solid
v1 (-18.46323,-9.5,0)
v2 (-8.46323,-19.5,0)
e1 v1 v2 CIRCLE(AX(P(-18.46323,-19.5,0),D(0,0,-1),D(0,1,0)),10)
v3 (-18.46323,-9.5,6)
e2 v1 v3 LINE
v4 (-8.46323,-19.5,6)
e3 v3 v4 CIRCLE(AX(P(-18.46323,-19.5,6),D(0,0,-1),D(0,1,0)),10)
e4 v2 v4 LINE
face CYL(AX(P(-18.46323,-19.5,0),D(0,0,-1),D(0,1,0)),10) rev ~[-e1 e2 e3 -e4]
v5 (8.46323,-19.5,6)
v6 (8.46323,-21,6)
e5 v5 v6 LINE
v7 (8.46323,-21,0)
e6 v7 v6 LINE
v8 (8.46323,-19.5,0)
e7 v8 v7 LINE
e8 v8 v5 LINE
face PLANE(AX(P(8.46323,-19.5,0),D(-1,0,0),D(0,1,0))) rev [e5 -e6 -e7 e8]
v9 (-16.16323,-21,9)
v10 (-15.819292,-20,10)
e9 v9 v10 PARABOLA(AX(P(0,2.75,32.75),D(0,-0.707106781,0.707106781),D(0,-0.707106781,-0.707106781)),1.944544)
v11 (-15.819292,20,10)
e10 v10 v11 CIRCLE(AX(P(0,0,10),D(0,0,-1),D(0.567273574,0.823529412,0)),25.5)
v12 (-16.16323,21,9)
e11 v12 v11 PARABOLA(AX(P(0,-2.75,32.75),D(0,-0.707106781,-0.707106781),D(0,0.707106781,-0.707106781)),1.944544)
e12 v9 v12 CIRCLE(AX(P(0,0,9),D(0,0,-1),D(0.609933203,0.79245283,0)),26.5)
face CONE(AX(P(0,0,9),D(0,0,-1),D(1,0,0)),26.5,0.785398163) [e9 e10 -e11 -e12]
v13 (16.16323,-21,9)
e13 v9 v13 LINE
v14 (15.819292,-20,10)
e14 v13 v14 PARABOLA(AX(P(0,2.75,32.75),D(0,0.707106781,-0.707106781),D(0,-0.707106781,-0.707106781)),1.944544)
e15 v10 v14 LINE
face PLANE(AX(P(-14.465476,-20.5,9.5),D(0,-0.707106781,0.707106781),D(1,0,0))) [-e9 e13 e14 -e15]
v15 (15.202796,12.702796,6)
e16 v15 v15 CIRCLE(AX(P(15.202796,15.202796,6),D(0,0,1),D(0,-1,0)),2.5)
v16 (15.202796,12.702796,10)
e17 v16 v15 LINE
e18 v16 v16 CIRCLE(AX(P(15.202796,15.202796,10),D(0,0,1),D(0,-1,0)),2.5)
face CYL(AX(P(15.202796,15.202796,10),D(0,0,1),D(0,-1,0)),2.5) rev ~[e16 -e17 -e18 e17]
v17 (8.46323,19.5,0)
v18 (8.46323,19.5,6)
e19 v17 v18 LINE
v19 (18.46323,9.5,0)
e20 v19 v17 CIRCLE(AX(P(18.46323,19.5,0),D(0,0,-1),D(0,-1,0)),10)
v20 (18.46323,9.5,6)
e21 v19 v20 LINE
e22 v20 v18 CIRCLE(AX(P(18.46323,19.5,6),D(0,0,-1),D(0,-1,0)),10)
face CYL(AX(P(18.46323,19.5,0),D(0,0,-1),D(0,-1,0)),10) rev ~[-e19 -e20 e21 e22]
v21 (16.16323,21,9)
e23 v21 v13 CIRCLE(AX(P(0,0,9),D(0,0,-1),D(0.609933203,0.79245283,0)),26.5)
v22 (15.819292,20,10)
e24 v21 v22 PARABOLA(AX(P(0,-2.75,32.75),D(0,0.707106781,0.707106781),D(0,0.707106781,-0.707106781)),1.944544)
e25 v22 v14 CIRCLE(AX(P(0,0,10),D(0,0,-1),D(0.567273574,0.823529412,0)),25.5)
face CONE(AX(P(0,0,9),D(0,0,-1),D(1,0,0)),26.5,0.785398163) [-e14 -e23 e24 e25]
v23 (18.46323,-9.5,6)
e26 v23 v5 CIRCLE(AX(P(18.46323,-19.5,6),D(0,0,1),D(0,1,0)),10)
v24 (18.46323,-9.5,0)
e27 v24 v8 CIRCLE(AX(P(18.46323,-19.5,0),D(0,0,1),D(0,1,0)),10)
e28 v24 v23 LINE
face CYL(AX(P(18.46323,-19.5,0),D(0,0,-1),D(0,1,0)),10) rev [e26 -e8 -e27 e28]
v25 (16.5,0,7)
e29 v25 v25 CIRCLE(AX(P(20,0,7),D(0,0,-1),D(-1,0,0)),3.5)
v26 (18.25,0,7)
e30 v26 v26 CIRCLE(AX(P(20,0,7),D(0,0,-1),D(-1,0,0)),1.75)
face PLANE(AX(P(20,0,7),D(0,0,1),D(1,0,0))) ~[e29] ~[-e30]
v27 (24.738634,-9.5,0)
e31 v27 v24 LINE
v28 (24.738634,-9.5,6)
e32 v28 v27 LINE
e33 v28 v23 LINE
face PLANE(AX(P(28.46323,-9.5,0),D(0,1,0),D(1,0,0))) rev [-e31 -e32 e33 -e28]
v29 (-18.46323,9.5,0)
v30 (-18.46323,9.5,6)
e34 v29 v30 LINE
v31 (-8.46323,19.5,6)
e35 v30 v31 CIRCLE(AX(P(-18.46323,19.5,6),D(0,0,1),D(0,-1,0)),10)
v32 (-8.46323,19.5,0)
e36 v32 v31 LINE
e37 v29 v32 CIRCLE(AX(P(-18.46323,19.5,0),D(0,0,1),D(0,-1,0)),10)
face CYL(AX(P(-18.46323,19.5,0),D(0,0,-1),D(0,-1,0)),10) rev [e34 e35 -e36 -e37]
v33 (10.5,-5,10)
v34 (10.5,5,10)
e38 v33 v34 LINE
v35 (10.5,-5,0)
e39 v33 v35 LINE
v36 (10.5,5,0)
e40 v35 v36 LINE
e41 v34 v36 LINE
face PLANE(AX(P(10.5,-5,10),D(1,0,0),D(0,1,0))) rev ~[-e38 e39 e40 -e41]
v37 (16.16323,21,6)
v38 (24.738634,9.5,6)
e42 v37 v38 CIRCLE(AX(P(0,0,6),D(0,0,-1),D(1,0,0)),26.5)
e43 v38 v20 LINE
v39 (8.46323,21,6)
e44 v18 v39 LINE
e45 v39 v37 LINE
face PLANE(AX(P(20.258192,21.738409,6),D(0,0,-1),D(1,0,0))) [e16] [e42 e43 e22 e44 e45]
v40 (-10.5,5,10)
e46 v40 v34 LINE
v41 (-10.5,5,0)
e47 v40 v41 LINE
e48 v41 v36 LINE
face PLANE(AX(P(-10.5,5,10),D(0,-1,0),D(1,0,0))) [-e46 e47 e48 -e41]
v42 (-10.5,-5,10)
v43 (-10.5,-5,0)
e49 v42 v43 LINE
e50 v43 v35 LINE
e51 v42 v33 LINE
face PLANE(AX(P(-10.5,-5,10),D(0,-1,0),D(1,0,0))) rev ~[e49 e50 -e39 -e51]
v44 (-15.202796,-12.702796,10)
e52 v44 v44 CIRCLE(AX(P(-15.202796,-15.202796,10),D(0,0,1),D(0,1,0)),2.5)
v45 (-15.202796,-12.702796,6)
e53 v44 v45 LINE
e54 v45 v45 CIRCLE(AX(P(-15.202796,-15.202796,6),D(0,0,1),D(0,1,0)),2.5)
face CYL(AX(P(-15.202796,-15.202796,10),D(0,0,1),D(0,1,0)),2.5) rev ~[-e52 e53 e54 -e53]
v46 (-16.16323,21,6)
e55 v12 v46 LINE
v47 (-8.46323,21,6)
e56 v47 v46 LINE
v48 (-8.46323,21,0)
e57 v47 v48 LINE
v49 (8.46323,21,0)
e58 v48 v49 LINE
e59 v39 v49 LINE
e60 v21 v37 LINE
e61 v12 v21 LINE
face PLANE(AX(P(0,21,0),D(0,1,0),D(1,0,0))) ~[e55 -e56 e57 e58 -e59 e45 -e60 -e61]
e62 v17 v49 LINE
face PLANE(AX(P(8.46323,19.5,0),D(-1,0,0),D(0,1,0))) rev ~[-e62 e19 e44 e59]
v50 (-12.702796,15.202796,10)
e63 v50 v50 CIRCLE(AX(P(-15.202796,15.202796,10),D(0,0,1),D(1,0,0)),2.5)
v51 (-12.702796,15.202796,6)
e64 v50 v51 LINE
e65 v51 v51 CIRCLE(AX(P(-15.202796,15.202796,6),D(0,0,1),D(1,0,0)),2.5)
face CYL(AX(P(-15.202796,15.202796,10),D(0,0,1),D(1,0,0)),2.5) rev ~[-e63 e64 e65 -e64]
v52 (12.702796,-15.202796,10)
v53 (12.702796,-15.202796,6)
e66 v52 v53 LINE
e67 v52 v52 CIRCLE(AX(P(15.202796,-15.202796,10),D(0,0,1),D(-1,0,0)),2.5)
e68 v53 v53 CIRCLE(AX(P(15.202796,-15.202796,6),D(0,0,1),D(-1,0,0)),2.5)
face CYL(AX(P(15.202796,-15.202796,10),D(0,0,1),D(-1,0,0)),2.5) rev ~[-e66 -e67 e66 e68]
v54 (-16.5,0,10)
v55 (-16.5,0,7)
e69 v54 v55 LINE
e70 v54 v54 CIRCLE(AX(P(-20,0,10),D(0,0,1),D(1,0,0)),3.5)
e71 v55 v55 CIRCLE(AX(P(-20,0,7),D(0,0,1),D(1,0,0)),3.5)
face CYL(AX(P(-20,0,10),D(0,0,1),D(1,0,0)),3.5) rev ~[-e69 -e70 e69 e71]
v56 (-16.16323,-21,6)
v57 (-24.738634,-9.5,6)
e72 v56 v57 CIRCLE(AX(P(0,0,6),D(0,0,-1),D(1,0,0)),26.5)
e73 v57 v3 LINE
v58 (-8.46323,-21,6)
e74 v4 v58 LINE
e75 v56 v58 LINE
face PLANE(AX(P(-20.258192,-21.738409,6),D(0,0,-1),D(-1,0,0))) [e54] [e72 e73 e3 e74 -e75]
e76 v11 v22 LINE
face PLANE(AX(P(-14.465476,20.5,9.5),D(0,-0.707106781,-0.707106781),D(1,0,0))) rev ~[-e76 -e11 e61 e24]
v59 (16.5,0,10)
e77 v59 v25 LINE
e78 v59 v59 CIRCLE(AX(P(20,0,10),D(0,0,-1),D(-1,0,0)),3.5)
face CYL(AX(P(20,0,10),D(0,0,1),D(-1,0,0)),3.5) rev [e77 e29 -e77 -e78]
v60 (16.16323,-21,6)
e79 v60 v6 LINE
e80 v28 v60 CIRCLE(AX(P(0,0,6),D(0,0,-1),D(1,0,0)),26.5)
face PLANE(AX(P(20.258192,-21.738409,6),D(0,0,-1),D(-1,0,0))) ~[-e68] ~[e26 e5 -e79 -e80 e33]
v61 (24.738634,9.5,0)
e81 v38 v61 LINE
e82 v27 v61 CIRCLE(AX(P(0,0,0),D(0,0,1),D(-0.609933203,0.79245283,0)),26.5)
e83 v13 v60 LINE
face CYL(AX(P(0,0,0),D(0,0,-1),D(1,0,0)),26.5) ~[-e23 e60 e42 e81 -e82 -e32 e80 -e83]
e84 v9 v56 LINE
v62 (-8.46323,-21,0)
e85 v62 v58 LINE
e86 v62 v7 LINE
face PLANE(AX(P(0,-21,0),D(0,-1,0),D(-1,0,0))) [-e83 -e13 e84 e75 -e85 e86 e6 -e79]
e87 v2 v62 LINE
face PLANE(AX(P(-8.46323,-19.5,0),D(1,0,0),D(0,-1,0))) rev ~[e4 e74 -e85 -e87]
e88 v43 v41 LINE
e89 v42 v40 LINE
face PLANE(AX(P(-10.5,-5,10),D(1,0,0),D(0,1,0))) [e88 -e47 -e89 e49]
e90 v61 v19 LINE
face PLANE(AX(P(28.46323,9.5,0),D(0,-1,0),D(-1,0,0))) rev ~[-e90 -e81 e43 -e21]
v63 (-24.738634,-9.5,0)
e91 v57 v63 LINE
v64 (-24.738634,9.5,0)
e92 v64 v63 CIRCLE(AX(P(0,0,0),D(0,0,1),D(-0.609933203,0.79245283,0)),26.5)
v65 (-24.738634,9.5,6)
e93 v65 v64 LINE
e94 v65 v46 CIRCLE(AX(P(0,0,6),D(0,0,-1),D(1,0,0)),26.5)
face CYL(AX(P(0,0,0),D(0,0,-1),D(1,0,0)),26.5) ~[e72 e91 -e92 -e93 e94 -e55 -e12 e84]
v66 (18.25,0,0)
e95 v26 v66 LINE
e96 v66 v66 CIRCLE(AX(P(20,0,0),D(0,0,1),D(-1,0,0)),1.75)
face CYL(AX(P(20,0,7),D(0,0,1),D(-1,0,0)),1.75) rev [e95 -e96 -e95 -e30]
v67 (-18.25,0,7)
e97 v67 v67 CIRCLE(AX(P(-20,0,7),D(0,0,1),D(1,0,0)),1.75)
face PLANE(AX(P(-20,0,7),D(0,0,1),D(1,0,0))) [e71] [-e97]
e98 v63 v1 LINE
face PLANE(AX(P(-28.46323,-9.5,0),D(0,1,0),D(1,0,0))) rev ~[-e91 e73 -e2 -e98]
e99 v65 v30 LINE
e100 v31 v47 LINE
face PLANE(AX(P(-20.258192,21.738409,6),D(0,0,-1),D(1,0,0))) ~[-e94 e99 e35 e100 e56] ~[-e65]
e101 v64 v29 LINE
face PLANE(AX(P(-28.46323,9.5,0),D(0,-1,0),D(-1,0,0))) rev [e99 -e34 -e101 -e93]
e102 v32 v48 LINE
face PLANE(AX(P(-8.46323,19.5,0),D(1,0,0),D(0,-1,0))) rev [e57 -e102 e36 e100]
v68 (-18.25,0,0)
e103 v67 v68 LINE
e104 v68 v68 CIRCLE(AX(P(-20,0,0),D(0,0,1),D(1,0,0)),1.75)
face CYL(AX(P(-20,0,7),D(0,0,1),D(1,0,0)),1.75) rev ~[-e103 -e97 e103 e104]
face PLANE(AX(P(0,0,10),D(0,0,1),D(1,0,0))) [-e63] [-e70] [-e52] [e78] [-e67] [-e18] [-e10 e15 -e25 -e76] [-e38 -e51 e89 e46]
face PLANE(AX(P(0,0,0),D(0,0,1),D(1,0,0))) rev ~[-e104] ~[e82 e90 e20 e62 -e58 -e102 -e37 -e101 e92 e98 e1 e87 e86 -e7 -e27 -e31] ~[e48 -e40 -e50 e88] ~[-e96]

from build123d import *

# Parameters (mm, degrees)
SKETCH_1_R               = 26.5
EXTRUDE_1_DEPTH          = 10
SKETCH_5_R               = 2.5
CUT_EXTRUDE_4_DEPTH      = 11
PATTERN_CIRCULAR_1_COUNT = 4
CHAMFER_1_SIZE           = 1
SKETCH_6_W               = 30
SKETCH_6_H               = 30
SKETCH_8_W               = 21
SKETCH_8_H               = 10
CUT_EXTRUDE_5_DEPTH      = 11
SKETCH_9_R               = 2.5
CUT_EXTRUDE_7_DEPTH      = 6
MIRROR_3_COPY_1_SKETCH_R = 2.5
MIRROR_3_COPY_1_DEPTH    = 6
SKETCH_12_R              = 3.5
CUT_EXTRUDE_8_DEPTH      = 3
SKETCH_13_R              = 1.75
CUT_EXTRUDE_9_DEPTH      = 8
CHAMFER_2_SIZE           = 1


with BuildPart() as part:
    # Эскиз1 → Бобышка-Вытянуть1 (new body)
    with BuildSketch(Plane.XY):
        Circle(SKETCH_1_R)
    extrude(amount=EXTRUDE_1_DEPTH)

    # Эскиз5 → Вырез-Вытянуть4 (cut, through all)
    with BuildSketch(Plane.XY.offset(10)):
        with Locations((-15.202795796, 15.202795796)):
            Circle(SKETCH_5_R)
    cut_extrude_4 = extrude(amount=-CUT_EXTRUDE_4_DEPTH, mode=Mode.SUBTRACT)

    # Круговой массив1: Вырез-Вытянуть4 ×4 about axis
    pattern_circular_1_axis = Axis((0, 0, 0), (0, 0, 1))
    for i in range(1, PATTERN_CIRCULAR_1_COUNT):
        add(cut_extrude_4.rotate(pattern_circular_1_axis, i * 360 / PATTERN_CIRCULAR_1_COUNT), mode=Mode.SUBTRACT)

    # Фаска1
    chamfer_1_edges = [part.edges().sort_by_distance(p)[0] for p in [
        (-26.5, 0, 10),
    ]]
    chamfer(chamfer_1_edges, length=CHAMFER_1_SIZE)

    # Эскиз6 → Вырез-Повернуть1 (revolve, cut)
    with BuildSketch(Plane.XY):
        with Locations((15, 36)):
            Rectangle(SKETCH_6_W, SKETCH_6_H)
    cut_revolve_1 = revolve(axis=Axis((0, 0, 0), (0, 1, 0)), mode=Mode.SUBTRACT)

    # Зеркальное отражение1: Вырез-Повернуть1 across plane
    add(cut_revolve_1.mirror(Plane.ZX), mode=Mode.SUBTRACT)

    # Эскиз8 → Вырез-Вытянуть5 (cut, through all)
    with BuildSketch(Plane.XY.offset(10)):
        Rectangle(SKETCH_8_W, SKETCH_8_H)
    extrude(amount=-CUT_EXTRUDE_5_DEPTH, mode=Mode.SUBTRACT)

    # Эскиз9 → Вырез-Вытянуть7 (cut)
    with BuildSketch(Plane(origin=(0, 0, 0), x_dir=(-1, 0, 0), z_dir=(0, 0, -1))):
        with BuildLine():
            Line((28.463229875, -9.5), (24.738633754, -9.5))
            ThreePointArc((24.738633754, -9.5), (21.243895878, -15.841303227), (16.163229875, -21))
            Line((16.163229875, -21), (8.463229875, -21))
            Line((8.463229875, -21), (8.463229875, -29.5))
            Line((8.463229875, -29.5), (18.463229875, -29.5))
            Line((18.463229875, -29.5), (28.463229875, -29.5))
            Line((28.463229875, -29.5), (28.463229875, -19.5))
            Line((28.463229875, -19.5), (28.463229875, -9.5))
        make_face()
        with BuildLine():
            Line((24.738633754, -9.5), (18.463229875, -9.5))
            ThreePointArc((18.463229875, -9.5), (11.392162063, -12.428932188), (8.463229875, -19.5))
            Line((8.463229875, -19.5), (8.463229875, -21))
            Line((8.463229875, -21), (16.163229875, -21))
            ThreePointArc((16.163229875, -21), (21.243895878, -15.841303227), (24.738633754, -9.5))
        make_face()
        with Locations((15.202795796, -15.202795796)):
            Circle(SKETCH_9_R, mode=Mode.SUBTRACT)
    cut_extrude_7 = extrude(amount=-CUT_EXTRUDE_7_DEPTH, mode=Mode.SUBTRACT)

    # Зеркальное отражение2: Вырез-Вытянуть7 across plane
    add(cut_extrude_7.mirror(Plane.ZX), mode=Mode.SUBTRACT)

    # Зеркальное отражение3: Вырез-Вытянуть7 across plane
    add(cut_extrude_7.mirror(Plane(origin=(0, 0, 0), x_dir=(0, 0, 1), z_dir=(1, 0, 0))), mode=Mode.SUBTRACT)

    # Зеркальное отражение3 copy 1 sketch → Зеркальное отражение3 copy 1 (cut)
    with BuildSketch(Plane(origin=(0, 0, 0), x_dir=(1, 0, 0), z_dir=(0, 0, -1))):
        with BuildLine():
            Line((28.463229875, -9.5), (24.738633754, -9.5))
            ThreePointArc((24.738633754, -9.5), (21.243895878, -15.841303227), (16.163229875, -21))
            Line((16.163229875, -21), (8.463229875, -21))
            Line((8.463229875, -21), (8.463229875, -29.5))
            Line((8.463229875, -29.5), (18.463229875, -29.5))
            Line((18.463229875, -29.5), (28.463229875, -29.5))
            Line((28.463229875, -29.5), (28.463229875, -19.5))
            Line((28.463229875, -19.5), (28.463229875, -9.5))
        make_face()
        with BuildLine():
            Line((24.738633754, -9.5), (18.463229875, -9.5))
            ThreePointArc((18.463229875, -9.5), (11.392162063, -12.428932188), (8.463229875, -19.5))
            Line((8.463229875, -19.5), (8.463229875, -21))
            Line((8.463229875, -21), (16.163229875, -21))
            ThreePointArc((16.163229875, -21), (21.243895878, -15.841303227), (24.738633754, -9.5))
        make_face()
        with Locations((15.202795796, -15.202795796)):
            Circle(MIRROR_3_COPY_1_SKETCH_R, mode=Mode.SUBTRACT)
    extrude(amount=-MIRROR_3_COPY_1_DEPTH, mode=Mode.SUBTRACT)

    # Эскиз12 → Вырез-Вытянуть8 (cut)
    with BuildSketch(Plane.XY.offset(10)):
        with Locations((-20, 0)):
            Circle(SKETCH_12_R)
    cut_extrude_8 = extrude(amount=-CUT_EXTRUDE_8_DEPTH, mode=Mode.SUBTRACT)

    # Эскиз13 → Вырез-Вытянуть9 (cut, through all)
    with BuildSketch(Plane.XY.offset(7)):
        with Locations((-20, 0)):
            Circle(SKETCH_13_R)
    cut_extrude_9 = extrude(amount=-CUT_EXTRUDE_9_DEPTH, mode=Mode.SUBTRACT)

    # Зеркальное отражение4: Вырез-Вытянуть8, Вырез-Вытянуть9 across plane
    add(cut_extrude_8.mirror(Plane(origin=(0, 0, 0), x_dir=(0, 0, 1), z_dir=(1, 0, 0))), mode=Mode.SUBTRACT)
    add(cut_extrude_9.mirror(Plane(origin=(0, 0, 0), x_dir=(0, 0, 1), z_dir=(1, 0, 0))), mode=Mode.SUBTRACT)

    # Фаска2
    chamfer_2_edges = [part.edges().sort_by_distance(p)[0] for p in [
        (0, -21, 10),
        (0, 21, 10),
    ]]
    chamfer(chamfer_2_edges, length=CHAMFER_2_SIZE)


solid = part.part
